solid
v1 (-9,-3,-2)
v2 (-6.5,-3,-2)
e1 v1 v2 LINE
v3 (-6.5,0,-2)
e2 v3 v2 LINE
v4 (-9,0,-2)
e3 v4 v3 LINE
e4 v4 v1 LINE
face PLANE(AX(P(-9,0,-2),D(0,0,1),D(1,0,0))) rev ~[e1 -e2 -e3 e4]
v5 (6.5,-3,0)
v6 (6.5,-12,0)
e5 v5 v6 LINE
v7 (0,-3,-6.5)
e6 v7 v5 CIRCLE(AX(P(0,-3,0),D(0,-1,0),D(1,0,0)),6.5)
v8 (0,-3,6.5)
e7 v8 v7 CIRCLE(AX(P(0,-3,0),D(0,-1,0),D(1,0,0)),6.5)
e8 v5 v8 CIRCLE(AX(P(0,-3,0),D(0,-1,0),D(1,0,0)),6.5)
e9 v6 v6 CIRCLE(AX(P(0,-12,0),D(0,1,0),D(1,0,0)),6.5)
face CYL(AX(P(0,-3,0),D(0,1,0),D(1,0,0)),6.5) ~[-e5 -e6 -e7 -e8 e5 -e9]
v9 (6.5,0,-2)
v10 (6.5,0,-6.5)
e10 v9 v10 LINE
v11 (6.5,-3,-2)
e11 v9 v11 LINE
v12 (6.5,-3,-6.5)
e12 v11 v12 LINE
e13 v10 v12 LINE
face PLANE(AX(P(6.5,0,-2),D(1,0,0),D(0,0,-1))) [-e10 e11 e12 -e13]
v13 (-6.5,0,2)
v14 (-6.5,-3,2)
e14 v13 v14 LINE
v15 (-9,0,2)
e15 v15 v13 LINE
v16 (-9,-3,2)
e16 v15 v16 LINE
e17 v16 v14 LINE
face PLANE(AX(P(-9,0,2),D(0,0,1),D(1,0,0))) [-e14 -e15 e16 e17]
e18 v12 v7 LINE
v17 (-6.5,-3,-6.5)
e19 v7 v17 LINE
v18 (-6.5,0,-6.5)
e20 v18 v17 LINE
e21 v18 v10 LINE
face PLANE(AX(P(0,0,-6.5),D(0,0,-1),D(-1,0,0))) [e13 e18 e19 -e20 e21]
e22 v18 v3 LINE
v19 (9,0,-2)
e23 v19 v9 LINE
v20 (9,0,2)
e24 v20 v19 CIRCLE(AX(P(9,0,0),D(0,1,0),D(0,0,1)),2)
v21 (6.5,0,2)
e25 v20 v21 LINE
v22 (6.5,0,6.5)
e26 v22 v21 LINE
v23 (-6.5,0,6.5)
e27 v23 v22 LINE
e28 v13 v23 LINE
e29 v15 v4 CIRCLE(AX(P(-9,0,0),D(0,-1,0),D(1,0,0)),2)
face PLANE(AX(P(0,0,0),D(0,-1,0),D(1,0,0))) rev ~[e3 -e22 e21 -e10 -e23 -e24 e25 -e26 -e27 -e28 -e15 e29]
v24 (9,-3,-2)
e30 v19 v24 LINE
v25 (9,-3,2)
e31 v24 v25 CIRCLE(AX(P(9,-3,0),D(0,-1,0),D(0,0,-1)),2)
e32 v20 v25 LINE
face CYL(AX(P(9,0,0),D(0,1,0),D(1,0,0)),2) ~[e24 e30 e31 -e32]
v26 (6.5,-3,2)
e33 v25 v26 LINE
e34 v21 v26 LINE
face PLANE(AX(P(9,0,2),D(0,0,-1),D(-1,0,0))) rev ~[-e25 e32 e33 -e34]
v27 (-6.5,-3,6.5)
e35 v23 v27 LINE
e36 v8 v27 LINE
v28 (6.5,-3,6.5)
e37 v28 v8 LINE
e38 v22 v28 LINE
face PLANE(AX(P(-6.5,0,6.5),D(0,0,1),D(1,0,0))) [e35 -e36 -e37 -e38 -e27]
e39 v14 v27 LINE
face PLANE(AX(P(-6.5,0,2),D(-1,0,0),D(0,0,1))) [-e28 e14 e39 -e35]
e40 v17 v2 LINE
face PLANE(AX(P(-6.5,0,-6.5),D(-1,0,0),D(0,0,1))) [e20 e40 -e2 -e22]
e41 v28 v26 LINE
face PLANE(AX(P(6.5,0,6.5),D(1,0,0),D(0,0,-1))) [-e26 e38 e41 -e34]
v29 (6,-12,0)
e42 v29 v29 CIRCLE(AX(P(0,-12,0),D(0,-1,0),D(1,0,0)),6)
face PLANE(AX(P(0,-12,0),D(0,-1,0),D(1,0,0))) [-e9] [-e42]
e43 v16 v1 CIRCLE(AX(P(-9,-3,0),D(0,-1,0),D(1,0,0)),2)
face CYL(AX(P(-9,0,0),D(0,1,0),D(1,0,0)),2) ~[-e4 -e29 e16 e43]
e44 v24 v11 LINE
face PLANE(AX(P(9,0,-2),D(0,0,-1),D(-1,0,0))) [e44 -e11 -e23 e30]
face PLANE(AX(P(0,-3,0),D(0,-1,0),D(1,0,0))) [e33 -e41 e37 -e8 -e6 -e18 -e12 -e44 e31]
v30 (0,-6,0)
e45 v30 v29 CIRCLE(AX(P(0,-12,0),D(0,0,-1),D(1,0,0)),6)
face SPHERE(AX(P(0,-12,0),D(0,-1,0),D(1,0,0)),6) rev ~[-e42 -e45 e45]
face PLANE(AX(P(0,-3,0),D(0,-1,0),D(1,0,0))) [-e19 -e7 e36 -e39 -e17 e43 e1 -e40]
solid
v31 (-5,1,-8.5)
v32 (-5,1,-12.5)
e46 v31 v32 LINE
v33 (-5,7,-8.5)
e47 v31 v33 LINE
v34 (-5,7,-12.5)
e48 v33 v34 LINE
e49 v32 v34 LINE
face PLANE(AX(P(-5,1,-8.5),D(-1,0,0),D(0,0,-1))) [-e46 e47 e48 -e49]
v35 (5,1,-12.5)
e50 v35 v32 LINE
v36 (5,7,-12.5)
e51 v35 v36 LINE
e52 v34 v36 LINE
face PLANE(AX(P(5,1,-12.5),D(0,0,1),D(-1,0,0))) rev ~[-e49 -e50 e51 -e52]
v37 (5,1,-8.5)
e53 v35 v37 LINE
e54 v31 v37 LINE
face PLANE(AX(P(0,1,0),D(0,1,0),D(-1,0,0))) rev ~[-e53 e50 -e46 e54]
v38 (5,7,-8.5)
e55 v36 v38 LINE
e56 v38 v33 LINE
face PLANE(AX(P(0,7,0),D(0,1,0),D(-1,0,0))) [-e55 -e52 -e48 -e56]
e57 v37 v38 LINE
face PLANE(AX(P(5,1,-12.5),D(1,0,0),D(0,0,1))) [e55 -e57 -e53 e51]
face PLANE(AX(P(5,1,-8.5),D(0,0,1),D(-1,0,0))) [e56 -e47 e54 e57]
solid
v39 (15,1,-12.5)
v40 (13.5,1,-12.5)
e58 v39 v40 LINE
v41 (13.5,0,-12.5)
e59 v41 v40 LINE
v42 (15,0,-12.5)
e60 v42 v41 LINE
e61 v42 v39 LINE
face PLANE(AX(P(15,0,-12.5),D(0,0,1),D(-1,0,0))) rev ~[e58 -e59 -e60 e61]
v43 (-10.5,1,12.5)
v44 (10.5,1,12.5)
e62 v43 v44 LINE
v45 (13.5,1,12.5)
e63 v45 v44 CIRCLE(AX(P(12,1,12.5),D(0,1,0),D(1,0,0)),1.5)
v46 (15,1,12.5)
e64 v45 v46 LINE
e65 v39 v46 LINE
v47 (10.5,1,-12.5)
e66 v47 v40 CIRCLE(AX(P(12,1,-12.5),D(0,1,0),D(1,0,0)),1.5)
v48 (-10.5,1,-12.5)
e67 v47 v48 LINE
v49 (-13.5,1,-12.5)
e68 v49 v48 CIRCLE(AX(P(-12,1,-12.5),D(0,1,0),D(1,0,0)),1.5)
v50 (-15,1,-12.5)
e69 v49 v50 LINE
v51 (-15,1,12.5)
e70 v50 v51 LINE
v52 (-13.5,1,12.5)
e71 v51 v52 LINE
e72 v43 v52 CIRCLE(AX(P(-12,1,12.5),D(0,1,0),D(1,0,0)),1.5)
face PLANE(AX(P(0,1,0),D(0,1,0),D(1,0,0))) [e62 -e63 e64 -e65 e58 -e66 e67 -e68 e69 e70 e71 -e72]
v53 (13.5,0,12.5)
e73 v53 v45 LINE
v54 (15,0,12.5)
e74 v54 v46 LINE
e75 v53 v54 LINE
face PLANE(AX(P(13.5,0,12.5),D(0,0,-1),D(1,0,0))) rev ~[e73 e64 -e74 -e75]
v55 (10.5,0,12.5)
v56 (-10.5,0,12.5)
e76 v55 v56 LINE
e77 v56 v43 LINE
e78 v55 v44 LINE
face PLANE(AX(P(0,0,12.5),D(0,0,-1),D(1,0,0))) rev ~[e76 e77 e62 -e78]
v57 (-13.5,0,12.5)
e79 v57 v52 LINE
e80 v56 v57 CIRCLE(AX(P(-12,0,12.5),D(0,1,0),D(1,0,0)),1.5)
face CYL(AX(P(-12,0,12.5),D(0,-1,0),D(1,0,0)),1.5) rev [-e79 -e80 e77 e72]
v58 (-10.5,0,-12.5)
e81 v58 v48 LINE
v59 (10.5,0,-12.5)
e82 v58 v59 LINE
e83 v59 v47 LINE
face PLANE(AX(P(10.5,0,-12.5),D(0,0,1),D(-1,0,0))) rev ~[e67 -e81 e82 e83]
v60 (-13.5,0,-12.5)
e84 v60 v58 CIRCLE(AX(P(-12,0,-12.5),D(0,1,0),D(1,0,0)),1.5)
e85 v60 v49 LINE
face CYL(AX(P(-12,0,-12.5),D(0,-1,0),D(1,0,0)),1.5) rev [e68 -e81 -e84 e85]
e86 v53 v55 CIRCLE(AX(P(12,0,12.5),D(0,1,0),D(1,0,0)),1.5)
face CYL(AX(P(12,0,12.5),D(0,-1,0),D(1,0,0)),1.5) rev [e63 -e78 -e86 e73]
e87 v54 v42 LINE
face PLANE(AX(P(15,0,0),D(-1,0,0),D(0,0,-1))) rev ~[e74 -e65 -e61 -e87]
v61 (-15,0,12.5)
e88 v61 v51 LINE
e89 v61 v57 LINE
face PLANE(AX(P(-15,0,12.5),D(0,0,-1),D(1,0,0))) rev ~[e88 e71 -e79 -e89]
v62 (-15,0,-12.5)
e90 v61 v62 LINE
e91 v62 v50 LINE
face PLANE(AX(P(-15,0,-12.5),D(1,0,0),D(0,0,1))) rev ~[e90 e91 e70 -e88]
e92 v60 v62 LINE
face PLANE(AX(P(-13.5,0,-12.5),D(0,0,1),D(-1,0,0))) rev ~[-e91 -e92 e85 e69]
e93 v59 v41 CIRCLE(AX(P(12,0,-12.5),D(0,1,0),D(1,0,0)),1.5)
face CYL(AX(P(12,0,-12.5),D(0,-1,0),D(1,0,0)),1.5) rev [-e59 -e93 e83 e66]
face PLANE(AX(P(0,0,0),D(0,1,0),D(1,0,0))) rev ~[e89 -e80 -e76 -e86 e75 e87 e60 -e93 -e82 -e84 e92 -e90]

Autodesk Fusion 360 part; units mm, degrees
sketch "草图1" plane through (0, 0, 0) normal (0, 1, 0) x (1, 0, 0)
  line L0 (15, 12.5) -> (-15, 12.5)
  line L1 (-15, 12.5) -> (-15, -12.5)
  line L2 (-15, -12.5) -> (15, -12.5)
  line L3 (15, -12.5) -> (15, 12.5)
  line L4 (15, 12.5) -> (-15, -12.5) construction
  line L5 (-15, 12.5) -> (15, -12.5) construction
  line L6 (-18, 0) -> (20, 0)
  line L7 (0, -18) -> (0, 24)
  circle A0 centre (-12, -12.5) radius 1.5
  circle A1 centre (12, -12.5) radius 1.5
  circle A2 centre (-12, 12.5) radius 1.5
  circle A3 centre (12, 12.5) radius 1.5
  dimension "d1" = 30
  dimension "d2" = 25
  dimension "d3" = 3
  dimension "d4" = 24
  dimension "d5" = 25
extrude "拉伸1" add sketch "草图1" along normal blind 1 contours L0 L3 L6 L7 A3 | L2 L3 L6 L7 A1 | L1 L2 L6 L7 A0 | L0 L1 L6 L7 A2 makes body 1
sketch "草图2" plane through (0, 0, 0) normal (0, -1, 0) x (1, 0, 0)
  line L0 (15, 12.5) -> (13.5, 12.5)
  arc A0 (10.5, 12.5) -> (13.5, 12.5) centre (12, 12.5) ccw
  line L1 (10.5, 12.5) -> (-10.5, 12.5)
  arc A1 (-13.5, 12.5) -> (-10.5, 12.5) centre (-12, 12.5) ccw
  line L2 (-13.5, 12.5) -> (-15, 12.5)
  line L3 (-15, 12.5) -> (-15, -12.5)
  line L4 (-15, -12.5) -> (-13.5, -12.5)
  arc A2 (-10.5, -12.5) -> (-13.5, -12.5) centre (-12, -12.5) ccw
  line L5 (-10.5, -12.5) -> (10.5, -12.5)
  arc A3 (13.5, -12.5) -> (10.5, -12.5) centre (12, -12.5) ccw
  line L6 (13.5, -12.5) -> (15, -12.5)
  line L7 (15, -12.5) -> (15, 12.5)
  line L8 (6.5, -6.5) -> (-6.5, -6.5)
  line L9 (-6.5, -6.5) -> (-6.5, 6.5)
  line L10 (-6.5, 6.5) -> (6.5, 6.5)
  line L11 (6.5, 6.5) -> (6.5, -6.5)
  line L12 (6.5, -6.5) -> (-6.5, 6.5) construction
  line L13 (-6.5, -6.5) -> (6.5, 6.5) construction
  circle A4 centre (-9, 0) radius 2
  line L14 (0, 13.0883) -> (0, -18)
  circle A5 centre (9, 0) radius 2
  line L15 (-9, 2) -> (-6.5, 2)
  line L16 (-9, -2) -> (-6.5, -2)
  line L17 (9, 2) -> (6.5, 2)
  line L18 (9, -2) -> (6.5, -2)
  dimension "d8" = 13
  dimension "d9" = 13
  dimension "d10" = 4
  dimension "d11" = 18
extrude "拉伸2" add sketch "草图2" along normal blind 3 separate body contours L8 L9 L10 L14 | L8 L10 L11 L14 | L9 A4 L15 L16 | L11 A5 L17 L18 | A4 | A5 makes body 2
sketch "草图3" plane through (0, -3, 0) normal (0, -1, 0) x (1, 0, 0)
  line L0 (9, 2) -> (6.5, 2)
  line L1 (6.5, 2) -> (6.5, 6.5)
  line L2 (6.5, 6.5) -> (-6.5, 6.5)
  line L3 (-6.5, 6.5) -> (-6.5, 2)
  line L4 (-6.5, 2) -> (-9, 2)
  arc A0 (-9, 2) -> (-9, -2) centre (-9, 0) ccw
  line L5 (-9, -2) -> (-6.5, -2)
  line L6 (-6.5, -2) -> (-6.5, -6.5)
  line L7 (-6.5, -6.5) -> (6.5, -6.5)
  line L8 (6.5, -6.5) -> (6.5, -2)
  line L9 (6.5, -2) -> (9, -2)
  arc A1 (9, -2) -> (9, 2) centre (9, 0) ccw
  circle A2 centre (0, 0) radius 6.5
  dimension "d14" = 13
extrude "拉伸3" add sketch "草图3" along normal blind 9 contours A2 bodies 2
sphere "球体基本要素1" cut diameter 12 placed x (1, 0, 0) y (0, 0, 1) z (0, -1, 0) at (0, -12, 0) bodies 2
sketch "草图6" plane through (0, 1, 0) normal (0, 1, 0) x (-1, 0, 0)
  line L0 (-13.5, 12.5) -> (-15, 12.5)
  line L1 (-15, 12.5) -> (-15, -12.5)
  line L2 (-15, -12.5) -> (-13.5, -12.5)
  arc A0 (-10.5, -12.5) -> (-13.5, -12.5) centre (-12, -12.5) ccw
  line L3 (-10.5, -12.5) -> (10.5, -12.5)
  arc A1 (13.5, -12.5) -> (10.5, -12.5) centre (12, -12.5) ccw
  line L4 (13.5, -12.5) -> (15, -12.5)
  line L5 (15, -12.5) -> (15, 12.5)
  line L6 (15, 12.5) -> (13.5, 12.5)
  arc A2 (10.5, 12.5) -> (13.5, 12.5) centre (12, 12.5) ccw
  line L7 (10.5, 12.5) -> (-10.5, 12.5)
  arc A3 (-13.5, 12.5) -> (-10.5, 12.5) centre (-12, 12.5) ccw
  line L8 (-5, -8.5) -> (5, -8.5)
  line L9 (5, -8.5) -> (5, -12.5)
  line L10 (5, -12.5) -> (-5, -12.5)
  line L11 (-5, -12.5) -> (-5, -8.5)
  line L12 (0, 1) -> (0, -20)
  dimension "d18" = 10
  dimension "d19" = 4
extrude "拉伸4" add sketch "草图6" along normal blind 6 separate body contours L3 L8 L10 L11 L12 | L3 L8 L9 L10 L12 makes body 3
